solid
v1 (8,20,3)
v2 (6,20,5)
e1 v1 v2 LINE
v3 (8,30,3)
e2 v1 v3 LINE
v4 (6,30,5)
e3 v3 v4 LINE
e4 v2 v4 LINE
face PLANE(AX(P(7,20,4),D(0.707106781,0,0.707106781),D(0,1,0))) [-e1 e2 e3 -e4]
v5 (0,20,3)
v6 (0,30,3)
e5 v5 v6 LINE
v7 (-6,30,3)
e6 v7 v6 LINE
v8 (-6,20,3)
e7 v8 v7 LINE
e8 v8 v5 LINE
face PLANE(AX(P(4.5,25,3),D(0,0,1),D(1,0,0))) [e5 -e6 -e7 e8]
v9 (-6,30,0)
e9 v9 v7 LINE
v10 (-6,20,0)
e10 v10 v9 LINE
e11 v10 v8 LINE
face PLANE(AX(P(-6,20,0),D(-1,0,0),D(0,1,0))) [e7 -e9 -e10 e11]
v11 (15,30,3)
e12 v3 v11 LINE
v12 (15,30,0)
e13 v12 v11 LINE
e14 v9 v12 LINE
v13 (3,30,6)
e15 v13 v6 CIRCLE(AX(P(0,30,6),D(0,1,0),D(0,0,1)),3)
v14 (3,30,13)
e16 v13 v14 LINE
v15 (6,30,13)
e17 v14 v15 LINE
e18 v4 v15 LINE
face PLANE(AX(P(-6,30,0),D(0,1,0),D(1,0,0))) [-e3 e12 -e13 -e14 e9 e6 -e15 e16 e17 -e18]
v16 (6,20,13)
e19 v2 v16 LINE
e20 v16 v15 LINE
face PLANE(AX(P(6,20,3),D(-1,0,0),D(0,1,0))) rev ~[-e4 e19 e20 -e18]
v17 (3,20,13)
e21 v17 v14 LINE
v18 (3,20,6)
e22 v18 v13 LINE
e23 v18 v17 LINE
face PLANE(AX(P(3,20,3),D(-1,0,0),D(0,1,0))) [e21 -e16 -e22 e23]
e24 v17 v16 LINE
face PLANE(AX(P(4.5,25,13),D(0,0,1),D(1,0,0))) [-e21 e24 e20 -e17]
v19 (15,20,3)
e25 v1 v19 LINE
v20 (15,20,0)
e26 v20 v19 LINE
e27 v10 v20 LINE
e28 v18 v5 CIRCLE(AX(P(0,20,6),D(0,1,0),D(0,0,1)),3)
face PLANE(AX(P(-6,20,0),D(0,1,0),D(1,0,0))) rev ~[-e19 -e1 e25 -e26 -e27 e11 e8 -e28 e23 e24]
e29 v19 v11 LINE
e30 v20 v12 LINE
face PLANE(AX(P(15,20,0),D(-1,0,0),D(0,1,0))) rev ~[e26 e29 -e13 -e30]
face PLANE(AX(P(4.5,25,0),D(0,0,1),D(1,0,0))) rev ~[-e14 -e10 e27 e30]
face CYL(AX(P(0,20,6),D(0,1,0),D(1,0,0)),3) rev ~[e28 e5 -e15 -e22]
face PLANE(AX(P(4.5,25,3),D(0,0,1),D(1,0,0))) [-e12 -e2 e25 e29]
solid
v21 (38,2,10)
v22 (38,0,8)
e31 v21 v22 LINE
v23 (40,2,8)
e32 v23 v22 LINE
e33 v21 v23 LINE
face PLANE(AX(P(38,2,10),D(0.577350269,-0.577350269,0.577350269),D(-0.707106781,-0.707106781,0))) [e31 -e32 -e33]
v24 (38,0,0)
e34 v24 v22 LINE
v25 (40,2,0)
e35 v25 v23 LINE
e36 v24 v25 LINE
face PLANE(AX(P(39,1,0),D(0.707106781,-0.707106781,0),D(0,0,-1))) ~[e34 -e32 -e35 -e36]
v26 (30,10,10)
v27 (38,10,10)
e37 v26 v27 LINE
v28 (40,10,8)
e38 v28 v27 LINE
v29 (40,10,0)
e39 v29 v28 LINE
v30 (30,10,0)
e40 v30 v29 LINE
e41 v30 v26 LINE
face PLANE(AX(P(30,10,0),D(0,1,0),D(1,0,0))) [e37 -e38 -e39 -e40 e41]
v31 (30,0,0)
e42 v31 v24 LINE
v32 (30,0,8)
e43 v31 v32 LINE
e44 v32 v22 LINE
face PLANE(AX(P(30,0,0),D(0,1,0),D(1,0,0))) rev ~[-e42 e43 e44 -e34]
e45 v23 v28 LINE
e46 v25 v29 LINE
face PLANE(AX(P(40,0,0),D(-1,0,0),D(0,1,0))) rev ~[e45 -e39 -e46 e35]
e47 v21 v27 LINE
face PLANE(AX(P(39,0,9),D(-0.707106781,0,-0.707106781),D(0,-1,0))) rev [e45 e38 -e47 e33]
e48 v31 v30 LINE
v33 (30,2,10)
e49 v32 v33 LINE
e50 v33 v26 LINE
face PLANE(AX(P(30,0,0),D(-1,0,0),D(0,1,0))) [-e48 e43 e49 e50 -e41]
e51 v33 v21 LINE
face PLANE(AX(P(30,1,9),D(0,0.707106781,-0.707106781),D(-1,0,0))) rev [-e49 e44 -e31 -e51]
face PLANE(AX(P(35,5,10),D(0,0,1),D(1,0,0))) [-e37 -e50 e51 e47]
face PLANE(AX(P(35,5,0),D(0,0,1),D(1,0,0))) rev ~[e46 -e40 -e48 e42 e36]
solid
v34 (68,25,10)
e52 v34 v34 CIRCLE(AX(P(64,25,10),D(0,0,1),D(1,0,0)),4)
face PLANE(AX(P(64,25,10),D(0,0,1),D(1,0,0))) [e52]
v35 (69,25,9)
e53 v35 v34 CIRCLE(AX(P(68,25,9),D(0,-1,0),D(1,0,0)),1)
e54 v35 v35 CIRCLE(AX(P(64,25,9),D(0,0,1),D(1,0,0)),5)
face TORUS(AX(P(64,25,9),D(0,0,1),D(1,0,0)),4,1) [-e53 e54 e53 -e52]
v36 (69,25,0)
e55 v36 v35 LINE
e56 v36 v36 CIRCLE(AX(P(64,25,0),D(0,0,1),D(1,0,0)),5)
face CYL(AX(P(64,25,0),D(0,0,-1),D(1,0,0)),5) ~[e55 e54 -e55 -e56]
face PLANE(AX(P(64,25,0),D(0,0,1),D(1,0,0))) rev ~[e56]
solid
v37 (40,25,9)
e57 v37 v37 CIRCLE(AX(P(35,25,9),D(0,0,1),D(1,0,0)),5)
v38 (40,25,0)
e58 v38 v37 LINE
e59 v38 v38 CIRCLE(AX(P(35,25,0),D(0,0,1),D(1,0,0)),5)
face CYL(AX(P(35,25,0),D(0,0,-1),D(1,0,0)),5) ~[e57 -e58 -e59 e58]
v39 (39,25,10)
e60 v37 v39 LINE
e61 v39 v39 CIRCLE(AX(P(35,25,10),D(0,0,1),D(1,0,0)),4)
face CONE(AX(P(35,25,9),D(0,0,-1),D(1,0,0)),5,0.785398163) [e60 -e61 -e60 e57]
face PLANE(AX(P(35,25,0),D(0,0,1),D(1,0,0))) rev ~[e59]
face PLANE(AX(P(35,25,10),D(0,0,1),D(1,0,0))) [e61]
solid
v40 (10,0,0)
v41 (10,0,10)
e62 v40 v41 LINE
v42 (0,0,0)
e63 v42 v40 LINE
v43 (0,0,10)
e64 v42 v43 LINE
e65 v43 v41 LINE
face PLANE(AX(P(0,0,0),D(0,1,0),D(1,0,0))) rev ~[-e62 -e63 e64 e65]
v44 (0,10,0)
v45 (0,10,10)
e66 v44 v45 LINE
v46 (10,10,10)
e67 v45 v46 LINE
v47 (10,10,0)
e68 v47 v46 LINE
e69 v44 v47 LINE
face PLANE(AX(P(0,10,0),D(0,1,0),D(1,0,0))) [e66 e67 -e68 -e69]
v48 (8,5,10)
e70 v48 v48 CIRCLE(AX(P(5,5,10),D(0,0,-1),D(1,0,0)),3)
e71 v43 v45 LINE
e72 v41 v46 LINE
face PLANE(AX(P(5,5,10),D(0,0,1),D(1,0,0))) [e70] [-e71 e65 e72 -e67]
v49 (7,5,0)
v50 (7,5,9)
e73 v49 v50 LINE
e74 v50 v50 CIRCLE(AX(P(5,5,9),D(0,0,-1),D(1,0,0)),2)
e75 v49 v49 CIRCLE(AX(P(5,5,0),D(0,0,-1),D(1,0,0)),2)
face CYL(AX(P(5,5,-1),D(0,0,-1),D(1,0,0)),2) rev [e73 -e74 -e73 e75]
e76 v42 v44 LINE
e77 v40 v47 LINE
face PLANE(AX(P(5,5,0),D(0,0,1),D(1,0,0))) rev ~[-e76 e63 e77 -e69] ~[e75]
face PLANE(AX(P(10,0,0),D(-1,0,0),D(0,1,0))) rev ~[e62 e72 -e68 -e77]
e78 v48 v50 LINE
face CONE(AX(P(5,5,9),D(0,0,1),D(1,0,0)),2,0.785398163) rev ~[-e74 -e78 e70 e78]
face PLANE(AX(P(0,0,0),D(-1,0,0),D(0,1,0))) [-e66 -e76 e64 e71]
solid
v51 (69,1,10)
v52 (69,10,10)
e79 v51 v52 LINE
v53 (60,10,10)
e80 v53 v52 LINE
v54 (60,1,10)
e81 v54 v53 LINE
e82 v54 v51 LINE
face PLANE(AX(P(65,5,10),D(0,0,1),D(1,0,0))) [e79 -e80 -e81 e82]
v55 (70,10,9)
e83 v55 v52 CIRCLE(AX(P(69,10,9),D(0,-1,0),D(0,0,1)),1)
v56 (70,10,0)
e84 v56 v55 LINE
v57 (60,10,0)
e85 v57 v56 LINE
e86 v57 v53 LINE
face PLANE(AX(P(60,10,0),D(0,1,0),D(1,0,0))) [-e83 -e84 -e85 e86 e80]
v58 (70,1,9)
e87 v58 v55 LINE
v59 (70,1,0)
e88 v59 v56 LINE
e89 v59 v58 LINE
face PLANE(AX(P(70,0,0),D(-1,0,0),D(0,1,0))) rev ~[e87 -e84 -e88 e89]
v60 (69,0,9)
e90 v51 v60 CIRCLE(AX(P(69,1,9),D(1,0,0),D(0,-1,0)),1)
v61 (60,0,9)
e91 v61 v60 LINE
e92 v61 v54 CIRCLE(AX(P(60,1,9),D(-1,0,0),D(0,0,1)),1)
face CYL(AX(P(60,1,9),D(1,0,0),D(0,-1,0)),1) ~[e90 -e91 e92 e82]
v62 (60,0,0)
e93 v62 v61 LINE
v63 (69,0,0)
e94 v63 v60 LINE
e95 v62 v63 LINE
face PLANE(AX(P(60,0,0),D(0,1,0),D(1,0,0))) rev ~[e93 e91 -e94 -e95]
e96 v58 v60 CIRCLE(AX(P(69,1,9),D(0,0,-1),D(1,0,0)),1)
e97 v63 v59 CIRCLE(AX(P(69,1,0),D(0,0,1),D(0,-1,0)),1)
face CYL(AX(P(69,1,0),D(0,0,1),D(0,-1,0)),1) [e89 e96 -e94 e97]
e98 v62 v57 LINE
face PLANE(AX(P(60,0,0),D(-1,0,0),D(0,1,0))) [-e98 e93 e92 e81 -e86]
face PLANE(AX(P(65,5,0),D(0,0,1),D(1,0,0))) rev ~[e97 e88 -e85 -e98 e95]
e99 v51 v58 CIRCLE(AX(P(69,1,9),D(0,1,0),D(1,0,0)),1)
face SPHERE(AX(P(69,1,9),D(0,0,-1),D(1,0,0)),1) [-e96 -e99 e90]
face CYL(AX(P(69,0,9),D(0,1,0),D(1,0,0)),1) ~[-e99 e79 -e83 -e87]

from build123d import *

# Parameters (mm, degrees)
BOX002_W          = 10
BOX002_H          = 10
BOX002_DEPTH      = 10
FILLET_R          = 1
BOX001_W          = 10
BOX001_H          = 10
BOX001_DEPTH      = 10
CHAMFER_SIZE      = 2
CYLINDER002_R     = 2
CYLINDER002_DEPTH = 12
BOX_W             = 10
BOX_H             = 10
BOX_DEPTH         = 10
CHAMFER001_SIZE   = 1
CYLINDER_R        = 5
CYLINDER_DEPTH    = 10
FILLET001_R       = 1
CYLINDER001_R     = 5
CYLINDER001_DEPTH = 10
CHAMFER002_SIZE   = 1
BOX004_W          = 3
BOX004_H          = 10
BOX004_DEPTH      = 10
BOX003_W          = 21
BOX003_H          = 10
BOX003_DEPTH      = 3
CHAMFER003_SIZE   = 2
FILLET002_R       = 3


with BuildPart() as cantell_rodo:
    # Box002 → Box002 (new body)
    with BuildSketch(Plane(origin=(60, 0, 0), x_dir=(1, 0, 0), z_dir=(0, 0, 1))):
        with Locations((5, 5)):
            Rectangle(BOX002_W, BOX002_H)
    extrude(amount=BOX002_DEPTH)

    # Fillet
    fillet_edges = [cantell_rodo.edges().sort_by_distance(p)[0] for p in [
        (70, 0, 5),
        (70, 5, 10),
        (65, 0, 10),
    ]]
    fillet(fillet_edges, radius=FILLET_R)


with BuildPart() as chamfer_body:
    # Box001 → Box001 (new body)
    with BuildSketch(Plane(origin=(30, 0, 0), x_dir=(1, 0, 0), z_dir=(0, 0, 1))):
        with Locations((5, 5)):
            Rectangle(BOX001_W, BOX001_H)
    extrude(amount=BOX001_DEPTH)

    # Chamfer
    chamfer_edges = [chamfer_body.edges().sort_by_distance(p)[0] for p in [
        (40, 0, 5),
        (40, 5, 10),
        (35, 0, 10),
    ]]
    chamfer(chamfer_edges, length=CHAMFER_SIZE)


with BuildPart() as cylinder002:
    # Cylinder002 → Cylinder002 (new body)
    with BuildSketch(Plane(origin=(5, 5, -1), x_dir=(1, 0, 0), z_dir=(0, 0, 1))):
        Circle(CYLINDER002_R)
    extrude(amount=CYLINDER002_DEPTH)


with BuildPart() as chamfer001:
    # Box → Box (new body)
    with BuildSketch(Plane.XY):
        with Locations((5, 5)):
            Rectangle(BOX_W, BOX_H)
    extrude(amount=BOX_DEPTH)

    # Cut: cut Cylinder002
    add(cylinder002.part, mode=Mode.SUBTRACT)

    # Chamfer001
    chamfer001_edges = [chamfer001.edges().sort_by_distance(p)[0] for p in [
        (3, 5, 10),
    ]]
    chamfer(chamfer001_edges, length=CHAMFER001_SIZE)


with BuildPart() as fillet001:
    # Cylinder → Cylinder (new body)
    with BuildSketch(Plane(origin=(64, 25, 0), x_dir=(1, 0, 0), z_dir=(0, 0, 1))):
        Circle(CYLINDER_R)
    extrude(amount=CYLINDER_DEPTH)

    # Fillet001
    fillet001_edges = [fillet001.edges().sort_by_distance(p)[0] for p in [
        (59, 25, 10),
    ]]
    fillet(fillet001_edges, radius=FILLET001_R)


with BuildPart() as chamfer002:
    # Cylinder001 → Cylinder001 (new body)
    with BuildSketch(Plane(origin=(35, 25, 0), x_dir=(1, 0, 0), z_dir=(0, 0, 1))):
        Circle(CYLINDER001_R)
    extrude(amount=CYLINDER001_DEPTH)

    # Chamfer002
    chamfer002_edges = [chamfer002.edges().sort_by_distance(p)[0] for p in [
        (30, 25, 10),
    ]]
    chamfer(chamfer002_edges, length=CHAMFER002_SIZE)


with BuildPart() as cube004:
    # Box004 → Box004 (new body)
    with BuildSketch(Plane(origin=(3, 20, 3), x_dir=(1, 0, 0), z_dir=(0, 0, 1))):
        with Locations((1.5, 5)):
            Rectangle(BOX004_W, BOX004_H)
    extrude(amount=BOX004_DEPTH)


with BuildPart() as refor_os:
    # Box003 → Box003 (new body)
    with BuildSketch(Plane(origin=(-6, 20, 0), x_dir=(1, 0, 0), z_dir=(0, 0, 1))):
        with Locations((10.5, 5)):
            Rectangle(BOX003_W, BOX003_H)
    extrude(amount=BOX003_DEPTH)

    # Fusion: union Cube004
    add(cube004.part)

    # Chamfer003
    chamfer003_edges = [refor_os.edges().sort_by_distance(p)[0] for p in [
        (6, 25, 3),
    ]]
    chamfer(chamfer003_edges, length=CHAMFER003_SIZE)

    # Fillet002
    fillet002_edges = [refor_os.edges().sort_by_distance(p)[0] for p in [
        (3, 25, 3),
    ]]
    fillet(fillet002_edges, radius=FILLET002_R)


solid = Compound([cantell_rodo.part, chamfer_body.part, chamfer001.part, fillet001.part, chamfer002.part, refor_os.part])
